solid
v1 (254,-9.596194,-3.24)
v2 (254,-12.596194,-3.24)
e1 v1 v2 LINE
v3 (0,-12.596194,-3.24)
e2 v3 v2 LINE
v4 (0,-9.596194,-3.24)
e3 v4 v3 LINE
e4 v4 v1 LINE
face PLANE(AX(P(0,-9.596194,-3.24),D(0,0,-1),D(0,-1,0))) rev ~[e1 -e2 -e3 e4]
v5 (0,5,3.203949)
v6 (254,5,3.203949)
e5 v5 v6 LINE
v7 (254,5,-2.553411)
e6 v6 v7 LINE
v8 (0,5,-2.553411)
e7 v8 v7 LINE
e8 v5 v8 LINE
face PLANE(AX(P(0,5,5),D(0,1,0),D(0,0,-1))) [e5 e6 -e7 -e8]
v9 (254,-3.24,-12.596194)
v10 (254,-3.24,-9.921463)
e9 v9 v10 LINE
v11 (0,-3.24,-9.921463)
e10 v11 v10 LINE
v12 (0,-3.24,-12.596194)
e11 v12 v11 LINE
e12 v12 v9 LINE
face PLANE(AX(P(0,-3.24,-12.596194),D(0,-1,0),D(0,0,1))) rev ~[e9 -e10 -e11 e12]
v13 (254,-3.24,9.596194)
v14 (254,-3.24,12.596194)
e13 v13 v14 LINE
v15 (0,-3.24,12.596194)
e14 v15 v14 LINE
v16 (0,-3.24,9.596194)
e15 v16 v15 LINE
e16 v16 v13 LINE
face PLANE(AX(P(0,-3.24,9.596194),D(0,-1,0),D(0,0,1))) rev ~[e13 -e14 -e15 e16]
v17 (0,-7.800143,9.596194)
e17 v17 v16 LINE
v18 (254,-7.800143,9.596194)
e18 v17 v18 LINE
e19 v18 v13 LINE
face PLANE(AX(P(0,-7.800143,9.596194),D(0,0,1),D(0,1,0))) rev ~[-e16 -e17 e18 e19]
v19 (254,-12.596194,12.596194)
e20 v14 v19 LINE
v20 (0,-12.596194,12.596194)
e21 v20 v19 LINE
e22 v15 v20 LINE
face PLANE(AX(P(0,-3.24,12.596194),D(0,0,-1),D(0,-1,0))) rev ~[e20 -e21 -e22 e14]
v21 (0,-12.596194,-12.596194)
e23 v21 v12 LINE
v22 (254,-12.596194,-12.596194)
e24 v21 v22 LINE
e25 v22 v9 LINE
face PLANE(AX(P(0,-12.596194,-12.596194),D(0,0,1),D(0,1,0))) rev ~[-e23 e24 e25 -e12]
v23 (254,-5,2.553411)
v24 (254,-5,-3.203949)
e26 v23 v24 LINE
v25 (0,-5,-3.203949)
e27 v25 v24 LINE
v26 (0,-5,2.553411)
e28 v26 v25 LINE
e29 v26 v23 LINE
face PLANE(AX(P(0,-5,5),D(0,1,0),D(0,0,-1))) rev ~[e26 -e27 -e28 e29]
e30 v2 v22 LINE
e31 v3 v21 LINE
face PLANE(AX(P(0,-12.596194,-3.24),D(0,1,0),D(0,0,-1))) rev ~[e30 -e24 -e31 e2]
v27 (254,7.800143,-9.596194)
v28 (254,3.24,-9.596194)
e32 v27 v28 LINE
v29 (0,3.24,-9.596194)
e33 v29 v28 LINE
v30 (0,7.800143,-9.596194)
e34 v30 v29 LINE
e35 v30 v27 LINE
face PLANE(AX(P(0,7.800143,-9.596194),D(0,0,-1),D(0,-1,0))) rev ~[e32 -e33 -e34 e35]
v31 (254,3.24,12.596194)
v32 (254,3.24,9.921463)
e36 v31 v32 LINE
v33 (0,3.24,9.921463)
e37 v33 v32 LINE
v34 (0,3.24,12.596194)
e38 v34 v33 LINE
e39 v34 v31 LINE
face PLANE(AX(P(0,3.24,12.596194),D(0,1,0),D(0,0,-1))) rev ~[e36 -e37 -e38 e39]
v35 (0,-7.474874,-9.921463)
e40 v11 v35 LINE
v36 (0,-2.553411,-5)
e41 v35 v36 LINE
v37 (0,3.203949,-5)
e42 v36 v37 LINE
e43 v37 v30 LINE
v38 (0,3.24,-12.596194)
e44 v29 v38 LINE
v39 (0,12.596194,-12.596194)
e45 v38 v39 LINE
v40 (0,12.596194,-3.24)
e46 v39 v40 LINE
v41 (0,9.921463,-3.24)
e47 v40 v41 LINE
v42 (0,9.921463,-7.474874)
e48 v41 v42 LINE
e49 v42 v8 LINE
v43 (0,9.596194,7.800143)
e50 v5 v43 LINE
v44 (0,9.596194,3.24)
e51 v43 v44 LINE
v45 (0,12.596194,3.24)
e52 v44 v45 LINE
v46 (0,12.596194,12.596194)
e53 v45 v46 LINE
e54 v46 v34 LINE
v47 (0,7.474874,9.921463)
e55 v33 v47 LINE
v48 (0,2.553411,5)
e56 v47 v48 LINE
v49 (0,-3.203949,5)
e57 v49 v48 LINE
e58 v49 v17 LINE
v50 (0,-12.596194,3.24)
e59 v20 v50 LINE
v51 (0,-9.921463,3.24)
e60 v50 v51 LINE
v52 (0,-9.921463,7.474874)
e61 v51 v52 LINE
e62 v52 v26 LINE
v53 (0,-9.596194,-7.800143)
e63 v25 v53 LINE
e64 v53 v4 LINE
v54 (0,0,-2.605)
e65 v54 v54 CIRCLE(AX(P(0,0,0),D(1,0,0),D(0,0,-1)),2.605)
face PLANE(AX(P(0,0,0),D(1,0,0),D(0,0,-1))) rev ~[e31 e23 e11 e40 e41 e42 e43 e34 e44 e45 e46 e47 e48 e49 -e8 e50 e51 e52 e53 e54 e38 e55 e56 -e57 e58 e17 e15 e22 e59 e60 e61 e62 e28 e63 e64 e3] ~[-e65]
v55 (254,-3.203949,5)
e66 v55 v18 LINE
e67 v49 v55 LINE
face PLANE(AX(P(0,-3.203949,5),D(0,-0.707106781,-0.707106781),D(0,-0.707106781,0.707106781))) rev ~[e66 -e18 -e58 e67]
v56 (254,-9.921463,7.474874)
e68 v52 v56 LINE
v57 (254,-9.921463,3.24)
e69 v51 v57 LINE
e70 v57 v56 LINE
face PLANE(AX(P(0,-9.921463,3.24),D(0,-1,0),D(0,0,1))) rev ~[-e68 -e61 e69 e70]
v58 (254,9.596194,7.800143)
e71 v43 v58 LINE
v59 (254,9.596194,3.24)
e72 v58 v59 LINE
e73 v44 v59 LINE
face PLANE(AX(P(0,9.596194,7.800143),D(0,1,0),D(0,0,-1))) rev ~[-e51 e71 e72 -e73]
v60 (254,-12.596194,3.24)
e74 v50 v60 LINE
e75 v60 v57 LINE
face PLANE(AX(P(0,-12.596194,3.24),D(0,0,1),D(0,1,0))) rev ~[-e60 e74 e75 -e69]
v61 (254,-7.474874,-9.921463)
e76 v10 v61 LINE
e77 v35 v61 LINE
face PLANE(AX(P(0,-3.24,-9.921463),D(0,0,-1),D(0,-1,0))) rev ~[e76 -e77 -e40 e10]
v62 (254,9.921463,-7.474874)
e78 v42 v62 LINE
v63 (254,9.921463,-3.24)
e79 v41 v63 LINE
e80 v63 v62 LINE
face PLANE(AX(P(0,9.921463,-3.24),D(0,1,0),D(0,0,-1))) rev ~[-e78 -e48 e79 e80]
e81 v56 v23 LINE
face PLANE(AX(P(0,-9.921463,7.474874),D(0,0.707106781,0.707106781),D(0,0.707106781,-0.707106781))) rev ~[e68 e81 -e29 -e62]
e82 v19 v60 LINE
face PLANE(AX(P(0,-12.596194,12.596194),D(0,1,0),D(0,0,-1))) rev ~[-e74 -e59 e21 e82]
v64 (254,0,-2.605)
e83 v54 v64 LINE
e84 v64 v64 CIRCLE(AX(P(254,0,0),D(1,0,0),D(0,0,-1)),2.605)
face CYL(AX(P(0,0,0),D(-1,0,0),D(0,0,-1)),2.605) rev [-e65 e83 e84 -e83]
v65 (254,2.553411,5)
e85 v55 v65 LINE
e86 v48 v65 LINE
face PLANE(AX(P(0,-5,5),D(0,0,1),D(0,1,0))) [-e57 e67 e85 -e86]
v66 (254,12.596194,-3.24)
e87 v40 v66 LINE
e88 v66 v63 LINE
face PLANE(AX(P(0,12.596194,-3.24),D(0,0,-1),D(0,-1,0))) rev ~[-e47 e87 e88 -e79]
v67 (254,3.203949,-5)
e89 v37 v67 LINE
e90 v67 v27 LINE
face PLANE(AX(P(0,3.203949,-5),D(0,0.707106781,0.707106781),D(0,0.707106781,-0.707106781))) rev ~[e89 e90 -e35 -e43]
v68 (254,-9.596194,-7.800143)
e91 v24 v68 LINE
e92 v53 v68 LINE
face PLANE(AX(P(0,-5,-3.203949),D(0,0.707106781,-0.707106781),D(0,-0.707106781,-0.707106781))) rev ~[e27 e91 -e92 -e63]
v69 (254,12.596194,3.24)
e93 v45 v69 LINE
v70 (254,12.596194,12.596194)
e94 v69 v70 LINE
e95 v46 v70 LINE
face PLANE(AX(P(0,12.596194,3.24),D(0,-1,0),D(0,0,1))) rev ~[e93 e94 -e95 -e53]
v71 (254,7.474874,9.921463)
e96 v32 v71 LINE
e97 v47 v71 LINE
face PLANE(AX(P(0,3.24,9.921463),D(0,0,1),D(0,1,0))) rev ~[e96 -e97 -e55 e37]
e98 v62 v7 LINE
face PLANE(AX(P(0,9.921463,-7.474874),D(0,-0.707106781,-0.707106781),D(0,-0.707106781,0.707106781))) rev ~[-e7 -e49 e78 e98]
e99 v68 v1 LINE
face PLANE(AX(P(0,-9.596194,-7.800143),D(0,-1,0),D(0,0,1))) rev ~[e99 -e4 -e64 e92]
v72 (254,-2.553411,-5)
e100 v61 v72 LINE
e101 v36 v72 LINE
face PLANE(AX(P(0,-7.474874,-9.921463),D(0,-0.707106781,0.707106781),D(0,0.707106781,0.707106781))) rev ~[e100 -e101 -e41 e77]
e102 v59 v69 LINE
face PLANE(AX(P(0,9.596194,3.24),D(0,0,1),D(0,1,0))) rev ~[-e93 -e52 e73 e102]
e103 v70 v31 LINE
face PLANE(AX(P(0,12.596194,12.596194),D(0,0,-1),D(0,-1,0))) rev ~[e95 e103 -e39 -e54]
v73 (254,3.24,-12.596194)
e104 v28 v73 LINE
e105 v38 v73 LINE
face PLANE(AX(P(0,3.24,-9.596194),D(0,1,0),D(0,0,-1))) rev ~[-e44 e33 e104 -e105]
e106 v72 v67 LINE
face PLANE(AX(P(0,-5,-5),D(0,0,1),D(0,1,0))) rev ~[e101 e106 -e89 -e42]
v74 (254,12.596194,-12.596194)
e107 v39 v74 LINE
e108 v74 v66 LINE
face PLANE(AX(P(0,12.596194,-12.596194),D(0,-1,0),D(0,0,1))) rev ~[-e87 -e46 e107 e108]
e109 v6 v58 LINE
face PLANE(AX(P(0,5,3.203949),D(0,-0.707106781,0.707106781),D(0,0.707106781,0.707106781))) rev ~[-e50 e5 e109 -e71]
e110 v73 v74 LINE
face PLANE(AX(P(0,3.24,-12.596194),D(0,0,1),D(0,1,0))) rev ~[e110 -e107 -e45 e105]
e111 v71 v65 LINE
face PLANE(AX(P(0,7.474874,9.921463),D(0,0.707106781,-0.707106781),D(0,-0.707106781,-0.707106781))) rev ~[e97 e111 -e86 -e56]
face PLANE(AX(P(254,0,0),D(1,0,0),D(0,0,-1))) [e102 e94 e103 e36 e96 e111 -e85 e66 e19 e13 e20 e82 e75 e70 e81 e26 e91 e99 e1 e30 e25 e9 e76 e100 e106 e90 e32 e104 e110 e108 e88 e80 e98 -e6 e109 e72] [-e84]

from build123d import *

# Parameters (mm, degrees)
SKETCH1_R           = 2.605
BOSS_EXTRUDE1_DEPTH = 254
CIRPATTERN1_COUNT   = 4


with BuildPart() as part:
    # Sketch1 → Boss-Extrude1 (new body)
    with BuildSketch(Plane(origin=(0, 0, 0), x_dir=(0, 0, -1), z_dir=(1, 0, 0))):
        Polygon((5, -5), (5, 3.203948776), (9.596194078, 7.800142853), (9.596194078, 3.24), (12.596194078, 3.24), (12.596194078, 12.596194078), (3.24, 12.596194078), (3.24, 9.921463197), (7.474873734, 9.921463197), (2.553410537, 5), (-5, 5), (-5, -5), align=None)
        Circle(SKETCH1_R, mode=Mode.SUBTRACT)
    boss_extrude1 = extrude(amount=BOSS_EXTRUDE1_DEPTH)

    # CirPattern1: Boss-Extrude1 ×4 about axis
    cirpattern1_axis = Axis((0, 0, 0), (1, 0, 0))
    for i in range(1, CIRPATTERN1_COUNT):
        add(boss_extrude1.rotate(cirpattern1_axis, i * 360 / CIRPATTERN1_COUNT))


solid = part.part
